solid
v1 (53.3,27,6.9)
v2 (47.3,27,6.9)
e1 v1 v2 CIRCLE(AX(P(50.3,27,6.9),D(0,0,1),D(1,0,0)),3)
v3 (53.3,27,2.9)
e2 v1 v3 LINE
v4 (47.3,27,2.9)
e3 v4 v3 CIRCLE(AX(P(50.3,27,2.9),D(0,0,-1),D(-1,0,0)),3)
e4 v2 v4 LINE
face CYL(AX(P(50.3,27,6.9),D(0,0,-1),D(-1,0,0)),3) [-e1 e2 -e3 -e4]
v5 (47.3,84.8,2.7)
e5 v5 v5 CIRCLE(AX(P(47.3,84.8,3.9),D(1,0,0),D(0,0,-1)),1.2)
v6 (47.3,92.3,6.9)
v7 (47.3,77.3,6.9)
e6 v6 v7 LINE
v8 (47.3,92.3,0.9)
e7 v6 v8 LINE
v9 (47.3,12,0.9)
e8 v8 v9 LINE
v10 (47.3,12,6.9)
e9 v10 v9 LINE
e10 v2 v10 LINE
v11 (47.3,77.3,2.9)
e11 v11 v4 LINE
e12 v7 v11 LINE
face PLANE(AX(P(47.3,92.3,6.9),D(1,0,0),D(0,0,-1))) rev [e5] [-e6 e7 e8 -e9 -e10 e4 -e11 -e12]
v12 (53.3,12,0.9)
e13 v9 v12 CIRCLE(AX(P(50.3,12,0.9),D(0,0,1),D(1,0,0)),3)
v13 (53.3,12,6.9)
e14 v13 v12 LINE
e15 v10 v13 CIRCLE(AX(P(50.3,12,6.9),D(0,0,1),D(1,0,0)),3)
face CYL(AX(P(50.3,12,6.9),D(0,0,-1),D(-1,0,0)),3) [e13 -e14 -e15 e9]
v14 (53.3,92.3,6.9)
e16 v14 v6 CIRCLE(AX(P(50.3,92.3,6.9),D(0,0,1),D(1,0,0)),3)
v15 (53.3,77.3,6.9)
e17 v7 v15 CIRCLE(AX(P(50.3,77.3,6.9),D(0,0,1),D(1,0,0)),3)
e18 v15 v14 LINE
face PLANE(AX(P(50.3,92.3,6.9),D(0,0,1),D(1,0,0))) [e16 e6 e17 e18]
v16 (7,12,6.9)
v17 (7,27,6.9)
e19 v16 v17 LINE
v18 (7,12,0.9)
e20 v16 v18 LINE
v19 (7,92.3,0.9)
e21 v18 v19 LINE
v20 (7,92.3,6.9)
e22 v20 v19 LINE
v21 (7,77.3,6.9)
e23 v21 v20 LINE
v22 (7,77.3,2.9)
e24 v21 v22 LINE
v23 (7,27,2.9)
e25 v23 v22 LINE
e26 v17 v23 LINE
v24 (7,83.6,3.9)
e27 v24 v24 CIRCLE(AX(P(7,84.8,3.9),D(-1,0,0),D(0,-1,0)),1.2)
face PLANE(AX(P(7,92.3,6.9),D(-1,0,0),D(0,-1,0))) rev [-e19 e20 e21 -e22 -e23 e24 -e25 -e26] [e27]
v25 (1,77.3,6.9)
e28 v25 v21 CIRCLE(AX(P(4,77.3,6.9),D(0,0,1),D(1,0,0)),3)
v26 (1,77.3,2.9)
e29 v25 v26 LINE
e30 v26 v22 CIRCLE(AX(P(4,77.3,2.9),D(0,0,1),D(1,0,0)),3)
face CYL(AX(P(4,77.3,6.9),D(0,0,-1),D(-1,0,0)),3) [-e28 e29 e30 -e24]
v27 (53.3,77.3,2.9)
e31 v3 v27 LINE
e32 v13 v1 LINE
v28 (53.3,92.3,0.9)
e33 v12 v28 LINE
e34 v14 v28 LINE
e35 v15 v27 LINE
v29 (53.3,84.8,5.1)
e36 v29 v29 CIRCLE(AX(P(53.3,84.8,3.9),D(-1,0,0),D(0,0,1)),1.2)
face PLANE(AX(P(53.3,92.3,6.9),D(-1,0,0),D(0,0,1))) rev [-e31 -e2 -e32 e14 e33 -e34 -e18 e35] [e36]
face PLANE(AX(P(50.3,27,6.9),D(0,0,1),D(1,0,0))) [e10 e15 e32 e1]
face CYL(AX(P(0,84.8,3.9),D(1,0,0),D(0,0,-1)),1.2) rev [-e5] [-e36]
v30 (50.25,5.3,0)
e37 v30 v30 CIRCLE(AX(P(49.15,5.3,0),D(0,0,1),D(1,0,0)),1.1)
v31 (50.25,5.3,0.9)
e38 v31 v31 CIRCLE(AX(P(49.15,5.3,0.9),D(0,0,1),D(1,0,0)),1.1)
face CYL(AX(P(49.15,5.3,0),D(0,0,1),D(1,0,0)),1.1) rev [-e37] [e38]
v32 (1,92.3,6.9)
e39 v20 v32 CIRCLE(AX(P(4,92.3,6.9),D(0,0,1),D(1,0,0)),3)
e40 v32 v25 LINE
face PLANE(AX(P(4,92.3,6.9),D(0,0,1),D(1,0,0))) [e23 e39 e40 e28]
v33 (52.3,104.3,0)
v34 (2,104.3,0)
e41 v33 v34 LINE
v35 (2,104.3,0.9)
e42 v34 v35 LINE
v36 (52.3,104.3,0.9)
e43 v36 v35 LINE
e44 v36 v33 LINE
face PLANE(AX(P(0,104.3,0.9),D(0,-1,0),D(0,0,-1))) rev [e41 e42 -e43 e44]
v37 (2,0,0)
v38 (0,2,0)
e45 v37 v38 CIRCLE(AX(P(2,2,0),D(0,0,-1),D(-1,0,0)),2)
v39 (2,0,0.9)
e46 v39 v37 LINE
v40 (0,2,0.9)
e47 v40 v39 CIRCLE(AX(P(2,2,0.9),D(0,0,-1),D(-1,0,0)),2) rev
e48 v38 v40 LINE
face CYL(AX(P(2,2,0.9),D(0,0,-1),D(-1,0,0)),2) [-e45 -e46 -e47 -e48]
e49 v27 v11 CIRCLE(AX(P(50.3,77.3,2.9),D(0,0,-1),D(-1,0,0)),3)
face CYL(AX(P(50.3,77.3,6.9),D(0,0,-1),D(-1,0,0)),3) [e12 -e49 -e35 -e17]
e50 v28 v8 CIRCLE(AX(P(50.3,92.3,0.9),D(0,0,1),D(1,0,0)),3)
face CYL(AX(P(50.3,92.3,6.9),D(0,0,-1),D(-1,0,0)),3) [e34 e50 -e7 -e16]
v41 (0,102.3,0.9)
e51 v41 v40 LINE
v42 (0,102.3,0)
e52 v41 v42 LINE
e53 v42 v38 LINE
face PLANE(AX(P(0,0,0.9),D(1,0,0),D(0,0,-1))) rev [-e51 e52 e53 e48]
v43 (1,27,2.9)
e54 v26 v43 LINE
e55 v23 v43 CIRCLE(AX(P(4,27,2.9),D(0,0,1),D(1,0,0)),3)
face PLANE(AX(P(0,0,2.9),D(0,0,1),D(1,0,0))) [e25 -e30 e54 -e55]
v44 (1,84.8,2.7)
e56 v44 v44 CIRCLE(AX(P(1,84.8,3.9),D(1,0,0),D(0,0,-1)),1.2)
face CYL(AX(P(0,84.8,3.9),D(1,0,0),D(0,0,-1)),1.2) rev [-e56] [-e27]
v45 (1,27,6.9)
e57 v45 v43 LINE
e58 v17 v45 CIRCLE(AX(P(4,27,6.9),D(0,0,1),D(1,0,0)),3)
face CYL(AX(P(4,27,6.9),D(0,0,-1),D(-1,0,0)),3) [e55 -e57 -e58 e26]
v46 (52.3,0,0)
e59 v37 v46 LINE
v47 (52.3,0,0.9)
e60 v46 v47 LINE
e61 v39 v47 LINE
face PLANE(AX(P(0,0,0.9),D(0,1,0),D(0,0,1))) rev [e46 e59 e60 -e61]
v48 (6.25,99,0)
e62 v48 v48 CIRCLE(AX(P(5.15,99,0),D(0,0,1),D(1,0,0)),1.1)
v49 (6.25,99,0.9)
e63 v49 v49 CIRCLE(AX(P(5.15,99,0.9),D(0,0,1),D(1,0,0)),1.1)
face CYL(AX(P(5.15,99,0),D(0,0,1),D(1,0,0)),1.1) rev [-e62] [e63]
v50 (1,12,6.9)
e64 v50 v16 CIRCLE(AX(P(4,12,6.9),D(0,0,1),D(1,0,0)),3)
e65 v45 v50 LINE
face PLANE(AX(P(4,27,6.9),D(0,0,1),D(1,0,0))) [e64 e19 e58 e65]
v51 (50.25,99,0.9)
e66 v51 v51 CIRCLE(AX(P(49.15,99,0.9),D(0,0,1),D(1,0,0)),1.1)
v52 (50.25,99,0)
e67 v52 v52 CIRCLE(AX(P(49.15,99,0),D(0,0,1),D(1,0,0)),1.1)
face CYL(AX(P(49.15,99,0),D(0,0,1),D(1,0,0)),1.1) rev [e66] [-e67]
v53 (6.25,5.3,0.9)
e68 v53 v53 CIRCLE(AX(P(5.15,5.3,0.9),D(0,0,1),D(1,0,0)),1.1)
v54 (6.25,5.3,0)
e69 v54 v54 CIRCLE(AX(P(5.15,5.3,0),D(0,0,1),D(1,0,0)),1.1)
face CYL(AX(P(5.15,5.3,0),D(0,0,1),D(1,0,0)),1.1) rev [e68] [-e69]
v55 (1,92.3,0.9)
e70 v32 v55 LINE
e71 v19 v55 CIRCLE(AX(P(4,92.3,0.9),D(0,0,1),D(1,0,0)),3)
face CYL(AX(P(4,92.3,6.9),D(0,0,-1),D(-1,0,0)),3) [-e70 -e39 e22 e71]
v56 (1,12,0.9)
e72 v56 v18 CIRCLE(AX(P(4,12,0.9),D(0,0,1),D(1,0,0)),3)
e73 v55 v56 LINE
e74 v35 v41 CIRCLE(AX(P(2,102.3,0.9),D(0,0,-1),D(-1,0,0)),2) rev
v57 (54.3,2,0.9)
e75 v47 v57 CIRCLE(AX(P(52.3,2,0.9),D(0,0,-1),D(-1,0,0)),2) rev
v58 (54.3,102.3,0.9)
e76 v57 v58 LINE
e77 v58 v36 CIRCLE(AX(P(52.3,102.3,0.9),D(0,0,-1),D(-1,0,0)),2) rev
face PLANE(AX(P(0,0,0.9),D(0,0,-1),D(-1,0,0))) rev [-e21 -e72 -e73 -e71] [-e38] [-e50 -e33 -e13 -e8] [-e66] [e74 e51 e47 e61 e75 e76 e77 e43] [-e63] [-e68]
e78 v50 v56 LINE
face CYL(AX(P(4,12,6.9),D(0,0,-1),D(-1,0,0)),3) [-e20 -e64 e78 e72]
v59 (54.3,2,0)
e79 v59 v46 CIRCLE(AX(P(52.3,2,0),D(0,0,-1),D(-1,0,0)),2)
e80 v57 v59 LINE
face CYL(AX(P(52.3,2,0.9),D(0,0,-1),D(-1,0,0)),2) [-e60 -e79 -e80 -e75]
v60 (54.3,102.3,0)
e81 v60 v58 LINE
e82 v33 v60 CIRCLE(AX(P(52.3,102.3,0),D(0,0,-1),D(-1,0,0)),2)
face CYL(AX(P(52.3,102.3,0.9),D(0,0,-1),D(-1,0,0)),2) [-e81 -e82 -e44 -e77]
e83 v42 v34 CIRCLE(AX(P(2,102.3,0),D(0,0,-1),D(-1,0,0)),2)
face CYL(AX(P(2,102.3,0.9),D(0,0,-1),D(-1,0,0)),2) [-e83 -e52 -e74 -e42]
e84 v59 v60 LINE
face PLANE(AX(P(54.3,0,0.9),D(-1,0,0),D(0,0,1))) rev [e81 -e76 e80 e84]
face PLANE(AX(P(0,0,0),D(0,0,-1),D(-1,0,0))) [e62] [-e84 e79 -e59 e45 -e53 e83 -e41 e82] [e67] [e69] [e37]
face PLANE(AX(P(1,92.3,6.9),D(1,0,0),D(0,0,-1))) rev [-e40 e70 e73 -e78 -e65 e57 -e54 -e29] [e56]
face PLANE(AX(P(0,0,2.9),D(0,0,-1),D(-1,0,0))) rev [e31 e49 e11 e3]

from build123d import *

# Parameters (mm, degrees)
SKICA1_W                      = 54.3
SKICA1_H                      = 104.3
P_IDAT_VYSUNUT_M1_DEPTH       = 0.9
ZAOBLIT1_R                    = 2
SKICA2_R                      = 1.1
ODEBRAT_VYSUNUT_M1_DEPTH      = 0.9
P_IDAT_VYSUNUT_M2_DEPTH       = 6
ODEBRAT_VYSUNUT_M2_DEPTH      = 118.332817234
ODEBRAT_VYSUNUT_M2_DEPTH_BACK = 118.332817234
SKICA4_R                      = 1.2
SKICA5_W                      = 6
SKICA5_H                      = 50.3
P_IDAT_VYSUNUT_M3_DEPTH       = 2


with BuildPart() as part:
    # Skica1 → Přidat vysunutím1 (new body)
    with BuildSketch(Plane.XY):
        with Locations((27.15, 52.15)):
            Rectangle(SKICA1_W, SKICA1_H)
    extrude(amount=P_IDAT_VYSUNUT_M1_DEPTH)

    # Zaoblit1
    zaoblit1_edges = [part.edges().sort_by_distance(p)[0] for p in [
        (0, 104.3, 0.45),
        (54.3, 104.3, 0.45),
        (54.3, 0, 0.45),
        (0, 0, 0.45),
    ]]
    fillet(zaoblit1_edges, radius=ZAOBLIT1_R)

    # Skica2 → Odebrat vysunutím1 (cut)
    with BuildSketch(Plane.XY.offset(0.9)):
        with Locations((5.15, 99)):
            Circle(SKICA2_R)
        with Locations((49.15, 99)):
            Circle(SKICA2_R)
        with Locations((5.15, 5.3)):
            Circle(SKICA2_R)
        with Locations((49.15, 5.3)):
            Circle(SKICA2_R)
    extrude(amount=-ODEBRAT_VYSUNUT_M1_DEPTH, mode=Mode.SUBTRACT)

    # Skica3 → Přidat vysunutím2 (add)
    with BuildSketch(Plane.XY.offset(0.9)):
        with BuildLine():
            Line((7, 92.3), (7, 77.3))
            ThreePointArc((7, 77.3), (4, 74.3), (1, 77.3))
            Line((1, 77.3), (1, 92.3))
            ThreePointArc((1, 92.3), (4, 95.3), (7, 92.3))
        make_face()
        with BuildLine():
            Line((53.3, 92.3), (53.3, 77.3))
            ThreePointArc((53.3, 77.3), (50.3, 74.3), (47.3, 77.3))
            Line((47.3, 77.3), (47.3, 92.3))
            ThreePointArc((47.3, 92.3), (50.3, 95.3), (53.3, 92.3))
        make_face()
        with BuildLine():
            Line((7, 27), (7, 12))
            ThreePointArc((7, 12), (4, 9), (1, 12))
            Line((1, 12), (1, 27))
            ThreePointArc((1, 27), (4, 30), (7, 27))
        make_face()
        with BuildLine():
            Line((53.3, 27), (53.3, 12))
            ThreePointArc((53.3, 12), (50.3, 9), (47.3, 12))
            Line((47.3, 12), (47.3, 27))
            ThreePointArc((47.3, 27), (50.3, 30), (53.3, 27))
        make_face()
    extrude(amount=P_IDAT_VYSUNUT_M2_DEPTH)

    # Skica4 → Odebrat vysunutím2 (cut, two sides: drawn at the far end of the back side and taken through both)
    with BuildSketch(Plane(origin=(53.3, 0, 0), x_dir=(0, 0, -1), z_dir=(1, 0, 0)).offset(-ODEBRAT_VYSUNUT_M2_DEPTH_BACK)):
        with Locations((-3.9, 84.8)):
            Circle(SKICA4_R)
    extrude(amount=ODEBRAT_VYSUNUT_M2_DEPTH + ODEBRAT_VYSUNUT_M2_DEPTH_BACK, mode=Mode.SUBTRACT)

    # Skica5 → Přidat vysunutím3 (add)
    with BuildSketch(Plane.XY.offset(0.9)):
        with Locations((4, 52.15)):
            Rectangle(SKICA5_W, SKICA5_H)
        with Locations((50.3, 52.15)):
            Rectangle(SKICA5_W, SKICA5_H)
    extrude(amount=P_IDAT_VYSUNUT_M3_DEPTH)


solid = part.part
